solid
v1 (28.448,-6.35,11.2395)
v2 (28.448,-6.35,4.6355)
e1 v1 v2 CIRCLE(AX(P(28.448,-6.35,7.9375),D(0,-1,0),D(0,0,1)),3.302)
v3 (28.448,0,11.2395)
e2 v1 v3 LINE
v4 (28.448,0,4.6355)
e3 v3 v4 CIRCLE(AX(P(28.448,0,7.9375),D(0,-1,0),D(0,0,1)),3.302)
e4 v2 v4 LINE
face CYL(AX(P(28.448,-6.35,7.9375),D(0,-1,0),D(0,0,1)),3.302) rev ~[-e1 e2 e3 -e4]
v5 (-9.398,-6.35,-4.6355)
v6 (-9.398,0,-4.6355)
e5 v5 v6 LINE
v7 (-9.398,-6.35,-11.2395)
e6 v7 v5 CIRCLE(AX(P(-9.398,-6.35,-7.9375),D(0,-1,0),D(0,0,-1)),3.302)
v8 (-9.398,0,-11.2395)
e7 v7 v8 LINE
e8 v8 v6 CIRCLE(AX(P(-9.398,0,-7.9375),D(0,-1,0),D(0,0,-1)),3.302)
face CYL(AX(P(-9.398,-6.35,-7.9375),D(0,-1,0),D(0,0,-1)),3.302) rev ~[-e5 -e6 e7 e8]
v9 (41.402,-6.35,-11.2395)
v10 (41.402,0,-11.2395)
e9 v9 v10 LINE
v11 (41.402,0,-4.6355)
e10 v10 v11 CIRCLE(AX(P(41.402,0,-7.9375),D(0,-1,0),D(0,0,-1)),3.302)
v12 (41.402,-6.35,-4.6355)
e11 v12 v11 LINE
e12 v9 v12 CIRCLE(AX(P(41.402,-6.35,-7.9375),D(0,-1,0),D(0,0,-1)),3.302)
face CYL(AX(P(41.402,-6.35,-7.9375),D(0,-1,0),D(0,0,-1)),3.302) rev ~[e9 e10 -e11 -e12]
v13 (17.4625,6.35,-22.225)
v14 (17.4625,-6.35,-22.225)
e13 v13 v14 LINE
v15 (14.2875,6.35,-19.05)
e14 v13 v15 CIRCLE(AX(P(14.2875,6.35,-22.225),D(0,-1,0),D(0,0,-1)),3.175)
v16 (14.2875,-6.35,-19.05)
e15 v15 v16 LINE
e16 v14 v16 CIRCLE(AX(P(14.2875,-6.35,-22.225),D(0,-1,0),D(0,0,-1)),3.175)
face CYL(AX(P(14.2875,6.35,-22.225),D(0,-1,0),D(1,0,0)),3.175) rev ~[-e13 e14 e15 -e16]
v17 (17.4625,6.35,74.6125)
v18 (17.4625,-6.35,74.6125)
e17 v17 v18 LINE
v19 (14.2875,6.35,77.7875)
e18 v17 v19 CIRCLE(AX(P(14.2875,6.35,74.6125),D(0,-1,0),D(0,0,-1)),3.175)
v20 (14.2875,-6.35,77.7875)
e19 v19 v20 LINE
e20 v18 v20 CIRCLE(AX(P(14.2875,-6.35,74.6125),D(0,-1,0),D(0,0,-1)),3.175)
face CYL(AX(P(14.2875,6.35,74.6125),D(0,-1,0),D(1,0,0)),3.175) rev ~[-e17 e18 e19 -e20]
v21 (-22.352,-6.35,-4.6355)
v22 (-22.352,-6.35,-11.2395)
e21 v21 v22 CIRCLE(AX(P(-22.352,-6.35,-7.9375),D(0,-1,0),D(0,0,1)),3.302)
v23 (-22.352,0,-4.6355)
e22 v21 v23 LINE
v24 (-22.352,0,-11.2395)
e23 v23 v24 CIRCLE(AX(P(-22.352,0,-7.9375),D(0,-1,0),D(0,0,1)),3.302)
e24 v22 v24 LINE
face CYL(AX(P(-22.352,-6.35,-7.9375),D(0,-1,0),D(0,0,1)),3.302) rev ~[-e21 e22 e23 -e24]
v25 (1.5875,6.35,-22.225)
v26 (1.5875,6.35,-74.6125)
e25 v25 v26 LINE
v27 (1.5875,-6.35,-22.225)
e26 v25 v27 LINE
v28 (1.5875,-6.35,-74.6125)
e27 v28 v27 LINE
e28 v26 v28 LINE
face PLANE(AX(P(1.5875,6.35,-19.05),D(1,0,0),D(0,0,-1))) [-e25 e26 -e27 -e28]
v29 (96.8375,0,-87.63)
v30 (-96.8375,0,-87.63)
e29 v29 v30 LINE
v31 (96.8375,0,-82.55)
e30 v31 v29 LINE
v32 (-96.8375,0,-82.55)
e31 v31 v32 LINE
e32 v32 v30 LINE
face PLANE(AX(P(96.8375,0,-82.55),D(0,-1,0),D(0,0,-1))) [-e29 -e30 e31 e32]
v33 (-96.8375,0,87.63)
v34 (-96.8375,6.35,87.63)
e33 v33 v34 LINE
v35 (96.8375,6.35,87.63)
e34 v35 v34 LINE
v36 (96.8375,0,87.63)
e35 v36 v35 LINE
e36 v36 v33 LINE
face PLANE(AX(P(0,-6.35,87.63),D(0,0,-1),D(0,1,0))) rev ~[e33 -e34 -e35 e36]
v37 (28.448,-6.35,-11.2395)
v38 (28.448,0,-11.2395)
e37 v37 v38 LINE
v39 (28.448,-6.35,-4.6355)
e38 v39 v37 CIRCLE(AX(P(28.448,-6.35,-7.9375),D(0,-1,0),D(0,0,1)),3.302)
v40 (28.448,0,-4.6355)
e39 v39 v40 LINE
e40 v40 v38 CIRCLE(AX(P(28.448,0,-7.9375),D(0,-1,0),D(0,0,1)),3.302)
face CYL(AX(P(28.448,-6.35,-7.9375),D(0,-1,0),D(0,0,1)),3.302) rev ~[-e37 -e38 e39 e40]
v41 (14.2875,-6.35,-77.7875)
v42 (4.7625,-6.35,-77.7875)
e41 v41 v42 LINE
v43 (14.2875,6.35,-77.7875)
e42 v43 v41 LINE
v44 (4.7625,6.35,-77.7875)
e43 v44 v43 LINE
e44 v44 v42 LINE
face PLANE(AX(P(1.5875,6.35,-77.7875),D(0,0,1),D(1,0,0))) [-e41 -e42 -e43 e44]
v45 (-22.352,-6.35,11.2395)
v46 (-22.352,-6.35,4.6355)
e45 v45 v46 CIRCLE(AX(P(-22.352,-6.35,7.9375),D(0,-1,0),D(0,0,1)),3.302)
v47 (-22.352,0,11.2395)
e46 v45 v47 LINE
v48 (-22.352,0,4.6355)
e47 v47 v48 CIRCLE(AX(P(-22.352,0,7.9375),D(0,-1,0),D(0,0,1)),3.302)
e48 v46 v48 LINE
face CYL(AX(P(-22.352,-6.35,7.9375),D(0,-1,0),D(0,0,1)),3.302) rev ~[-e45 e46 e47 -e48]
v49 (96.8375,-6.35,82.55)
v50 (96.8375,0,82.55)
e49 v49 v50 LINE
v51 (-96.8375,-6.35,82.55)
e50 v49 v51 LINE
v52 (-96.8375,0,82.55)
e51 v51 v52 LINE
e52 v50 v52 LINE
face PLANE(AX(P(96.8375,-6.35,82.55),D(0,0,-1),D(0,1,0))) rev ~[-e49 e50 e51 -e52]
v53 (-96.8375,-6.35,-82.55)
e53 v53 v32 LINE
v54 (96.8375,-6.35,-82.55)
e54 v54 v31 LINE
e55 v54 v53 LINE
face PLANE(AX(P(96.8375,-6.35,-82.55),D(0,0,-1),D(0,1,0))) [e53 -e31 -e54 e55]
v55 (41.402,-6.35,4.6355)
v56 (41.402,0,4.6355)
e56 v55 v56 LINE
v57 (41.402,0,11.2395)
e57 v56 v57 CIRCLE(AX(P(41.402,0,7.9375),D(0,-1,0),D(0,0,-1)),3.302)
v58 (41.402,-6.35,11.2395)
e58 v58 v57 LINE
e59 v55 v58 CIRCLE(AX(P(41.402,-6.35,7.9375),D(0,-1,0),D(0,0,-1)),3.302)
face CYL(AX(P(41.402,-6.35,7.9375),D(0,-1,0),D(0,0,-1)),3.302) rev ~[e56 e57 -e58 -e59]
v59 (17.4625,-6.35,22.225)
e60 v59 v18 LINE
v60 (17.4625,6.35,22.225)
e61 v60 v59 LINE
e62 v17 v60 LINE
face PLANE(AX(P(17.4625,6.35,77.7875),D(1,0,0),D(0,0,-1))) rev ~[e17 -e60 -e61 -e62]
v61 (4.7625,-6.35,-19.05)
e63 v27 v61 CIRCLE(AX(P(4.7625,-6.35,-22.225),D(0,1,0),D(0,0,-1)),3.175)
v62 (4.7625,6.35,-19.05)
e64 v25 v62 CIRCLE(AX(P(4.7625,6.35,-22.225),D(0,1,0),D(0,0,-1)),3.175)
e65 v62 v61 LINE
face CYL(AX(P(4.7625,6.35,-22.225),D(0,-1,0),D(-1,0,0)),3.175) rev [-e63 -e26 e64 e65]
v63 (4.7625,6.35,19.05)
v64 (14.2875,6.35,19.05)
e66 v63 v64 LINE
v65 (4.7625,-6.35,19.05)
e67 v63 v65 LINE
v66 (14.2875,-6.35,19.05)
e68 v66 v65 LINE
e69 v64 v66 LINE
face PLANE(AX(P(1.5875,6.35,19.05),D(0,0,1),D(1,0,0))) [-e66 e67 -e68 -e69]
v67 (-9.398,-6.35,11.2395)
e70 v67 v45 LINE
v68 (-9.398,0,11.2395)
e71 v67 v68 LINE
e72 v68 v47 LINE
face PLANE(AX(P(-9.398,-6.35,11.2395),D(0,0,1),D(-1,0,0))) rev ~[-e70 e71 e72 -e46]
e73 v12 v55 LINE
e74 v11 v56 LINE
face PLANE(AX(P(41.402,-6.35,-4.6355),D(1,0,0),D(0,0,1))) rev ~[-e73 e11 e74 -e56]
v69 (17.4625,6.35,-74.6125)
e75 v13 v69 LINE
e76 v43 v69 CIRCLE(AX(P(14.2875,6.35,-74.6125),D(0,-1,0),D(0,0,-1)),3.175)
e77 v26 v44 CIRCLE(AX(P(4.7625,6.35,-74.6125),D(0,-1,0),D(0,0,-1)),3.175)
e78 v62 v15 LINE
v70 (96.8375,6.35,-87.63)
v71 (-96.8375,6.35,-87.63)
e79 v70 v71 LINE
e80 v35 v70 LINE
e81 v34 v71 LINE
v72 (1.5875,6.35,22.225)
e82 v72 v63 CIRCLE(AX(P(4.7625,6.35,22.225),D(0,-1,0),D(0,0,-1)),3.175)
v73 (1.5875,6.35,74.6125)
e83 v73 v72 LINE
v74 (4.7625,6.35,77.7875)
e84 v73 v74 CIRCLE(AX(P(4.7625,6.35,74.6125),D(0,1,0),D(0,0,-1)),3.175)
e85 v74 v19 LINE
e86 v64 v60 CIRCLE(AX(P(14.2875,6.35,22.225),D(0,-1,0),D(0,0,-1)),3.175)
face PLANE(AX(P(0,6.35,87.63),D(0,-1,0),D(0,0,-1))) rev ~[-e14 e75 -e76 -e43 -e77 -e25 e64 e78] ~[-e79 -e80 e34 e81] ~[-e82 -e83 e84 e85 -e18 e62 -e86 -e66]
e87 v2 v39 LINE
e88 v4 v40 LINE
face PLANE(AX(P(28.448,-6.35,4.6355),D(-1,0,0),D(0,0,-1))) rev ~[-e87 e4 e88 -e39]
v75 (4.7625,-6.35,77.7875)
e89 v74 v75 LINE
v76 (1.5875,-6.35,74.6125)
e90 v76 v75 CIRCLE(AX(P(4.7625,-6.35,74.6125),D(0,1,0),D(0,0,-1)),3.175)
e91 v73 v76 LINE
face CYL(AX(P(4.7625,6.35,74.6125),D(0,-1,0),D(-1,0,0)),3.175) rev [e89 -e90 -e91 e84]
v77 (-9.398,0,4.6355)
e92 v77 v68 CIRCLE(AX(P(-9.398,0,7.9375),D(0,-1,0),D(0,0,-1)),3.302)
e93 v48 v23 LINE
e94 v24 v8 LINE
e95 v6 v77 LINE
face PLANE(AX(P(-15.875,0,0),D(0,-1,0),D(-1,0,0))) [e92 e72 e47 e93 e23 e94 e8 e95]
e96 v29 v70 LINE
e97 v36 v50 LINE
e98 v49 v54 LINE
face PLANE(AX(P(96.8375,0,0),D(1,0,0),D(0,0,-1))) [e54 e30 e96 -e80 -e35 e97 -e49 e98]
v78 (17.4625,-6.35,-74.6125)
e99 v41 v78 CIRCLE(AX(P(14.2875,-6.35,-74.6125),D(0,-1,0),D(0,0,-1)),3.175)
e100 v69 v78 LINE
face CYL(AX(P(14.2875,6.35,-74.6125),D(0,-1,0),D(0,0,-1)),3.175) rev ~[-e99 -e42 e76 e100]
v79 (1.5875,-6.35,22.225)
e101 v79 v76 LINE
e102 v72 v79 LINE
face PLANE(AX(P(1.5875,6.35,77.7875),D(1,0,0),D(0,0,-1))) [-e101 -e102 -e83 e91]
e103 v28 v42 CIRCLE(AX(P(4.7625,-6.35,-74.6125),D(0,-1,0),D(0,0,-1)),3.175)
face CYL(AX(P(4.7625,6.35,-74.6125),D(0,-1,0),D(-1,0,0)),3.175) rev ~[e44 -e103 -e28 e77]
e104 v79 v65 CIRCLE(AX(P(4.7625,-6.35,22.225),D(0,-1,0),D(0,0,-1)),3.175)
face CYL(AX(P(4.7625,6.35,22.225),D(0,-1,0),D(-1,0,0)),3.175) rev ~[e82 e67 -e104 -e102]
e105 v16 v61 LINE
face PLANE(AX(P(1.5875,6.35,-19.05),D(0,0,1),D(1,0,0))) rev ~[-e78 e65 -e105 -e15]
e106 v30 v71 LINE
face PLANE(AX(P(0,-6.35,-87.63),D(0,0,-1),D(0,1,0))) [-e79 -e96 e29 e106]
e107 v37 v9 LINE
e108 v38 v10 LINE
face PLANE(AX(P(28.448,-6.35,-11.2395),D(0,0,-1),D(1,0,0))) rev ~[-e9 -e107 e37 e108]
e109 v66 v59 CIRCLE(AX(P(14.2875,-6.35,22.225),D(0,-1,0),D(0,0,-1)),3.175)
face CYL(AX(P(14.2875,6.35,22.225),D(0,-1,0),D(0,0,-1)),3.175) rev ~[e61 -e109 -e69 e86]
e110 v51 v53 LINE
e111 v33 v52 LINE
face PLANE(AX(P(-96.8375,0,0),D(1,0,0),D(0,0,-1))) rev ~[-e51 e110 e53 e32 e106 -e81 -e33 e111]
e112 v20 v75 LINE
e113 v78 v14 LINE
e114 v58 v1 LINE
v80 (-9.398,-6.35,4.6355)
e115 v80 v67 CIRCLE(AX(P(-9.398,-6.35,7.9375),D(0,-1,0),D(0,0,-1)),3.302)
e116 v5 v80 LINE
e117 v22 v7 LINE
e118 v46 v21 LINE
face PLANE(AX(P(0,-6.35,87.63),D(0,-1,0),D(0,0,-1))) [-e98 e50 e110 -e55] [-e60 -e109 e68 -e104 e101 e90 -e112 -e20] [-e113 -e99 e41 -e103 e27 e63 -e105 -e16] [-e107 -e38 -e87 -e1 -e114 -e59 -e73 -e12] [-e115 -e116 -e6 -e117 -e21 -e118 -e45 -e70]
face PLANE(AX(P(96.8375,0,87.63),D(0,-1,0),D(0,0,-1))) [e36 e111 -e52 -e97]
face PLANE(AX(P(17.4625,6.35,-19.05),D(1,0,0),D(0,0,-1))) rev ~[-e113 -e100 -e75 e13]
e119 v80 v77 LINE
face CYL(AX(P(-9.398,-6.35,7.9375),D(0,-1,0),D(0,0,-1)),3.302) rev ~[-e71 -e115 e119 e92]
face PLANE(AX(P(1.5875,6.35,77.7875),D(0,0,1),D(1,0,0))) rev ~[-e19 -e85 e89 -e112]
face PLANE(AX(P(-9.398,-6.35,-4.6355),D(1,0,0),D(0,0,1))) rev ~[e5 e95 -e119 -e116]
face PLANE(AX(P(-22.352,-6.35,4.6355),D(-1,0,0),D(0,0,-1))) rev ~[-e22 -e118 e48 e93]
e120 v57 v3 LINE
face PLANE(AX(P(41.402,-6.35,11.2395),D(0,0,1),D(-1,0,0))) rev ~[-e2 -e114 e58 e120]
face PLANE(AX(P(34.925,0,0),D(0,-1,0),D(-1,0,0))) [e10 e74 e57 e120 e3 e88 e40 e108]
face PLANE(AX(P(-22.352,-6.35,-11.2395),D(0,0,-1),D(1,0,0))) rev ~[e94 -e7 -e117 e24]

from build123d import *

# Parameters (mm, degrees)
SKETCH1_W           = 175.26
SKETCH1_H           = 12.7
BOSS_EXTRUDE1_DEPTH = 96.8375
SKETCH2_W           = 5.08
SKETCH2_H           = 6.35
CUT_EXTRUDE1_DEPTH  = 213.67191875
CUT_EXTRUDE2_DEPTH  = 6.35
SKETCH5_W           = 15.875
SKETCH5_H           = 58.7375
CUT_EXTRUDE4_DEPTH  = 132.216646453
FILLET1_R           = 3.175


with BuildPart() as part:
    # Sketch1 → Boss-Extrude1 (new, symmetric)
    with BuildSketch(Plane(origin=(0, 0, 0), x_dir=(0, 0, -1), z_dir=(1, 0, 0))):
        Rectangle(SKETCH1_W, SKETCH1_H)
    extrude(amount=BOSS_EXTRUDE1_DEPTH, both=True)

    # Sketch2 → Cut-Extrude1 (cut, through all)
    with BuildSketch(Plane(origin=(96.8375, 0, 0), x_dir=(0, 0, -1), z_dir=(1, 0, 0))):
        with Locations((-85.09, -3.175)):
            Rectangle(SKETCH2_W, SKETCH2_H)
        with Locations((85.09, -3.175)):
            Rectangle(SKETCH2_W, SKETCH2_H)
    extrude(amount=-CUT_EXTRUDE1_DEPTH, mode=Mode.SUBTRACT)

    # Sketch3 → Cut-Extrude2 (cut)
    with BuildSketch(Plane(origin=(0, -6.35, 0), x_dir=(1, 0, 0), z_dir=(0, 1, 0))):
        with BuildLine():
            Line((28.448, 11.2395), (41.402, 11.2395))
            ThreePointArc((41.402, 11.2395), (44.704, 7.9375), (41.402, 4.6355))
            Line((41.402, 4.6355), (41.402, -4.6355))
            ThreePointArc((41.402, -4.6355), (44.704, -7.9375), (41.402, -11.2395))
            Line((41.402, -11.2395), (28.448, -11.2395))
            ThreePointArc((28.448, -11.2395), (25.146, -7.9375), (28.448, -4.6355))
            Line((28.448, -4.6355), (28.448, 4.6355))
            ThreePointArc((28.448, 4.6355), (25.146, 7.9375), (28.448, 11.2395))
        make_face()
        with BuildLine():
            Line((-22.352, 11.2395), (-9.398, 11.2395))
            ThreePointArc((-9.398, 11.2395), (-6.096, 7.9375), (-9.398, 4.6355))
            Line((-9.398, 4.6355), (-9.398, -4.6355))
            ThreePointArc((-9.398, -4.6355), (-6.096, -7.9375), (-9.398, -11.2395))
            Line((-9.398, -11.2395), (-22.352, -11.2395))
            ThreePointArc((-22.352, -11.2395), (-25.654, -7.9375), (-22.352, -4.6355))
            Line((-22.352, -4.6355), (-22.352, 4.6355))
            ThreePointArc((-22.352, 4.6355), (-25.654, 7.9375), (-22.352, 11.2395))
        make_face()
    extrude(amount=CUT_EXTRUDE2_DEPTH, mode=Mode.SUBTRACT)

    # Sketch5 → Cut-Extrude4 (cut, through all)
    with BuildSketch(Plane(origin=(0, 6.35, 0), x_dir=(1, 0, 0), z_dir=(0, 1, 0))):
        with Locations((9.525, -48.41875)):
            Rectangle(SKETCH5_W, SKETCH5_H)
        with Locations((9.525, 48.41875)):
            Rectangle(SKETCH5_W, SKETCH5_H)
    extrude(amount=-CUT_EXTRUDE4_DEPTH, mode=Mode.SUBTRACT)

    # Fillet1
    fillet1_edges = [part.edges().sort_by_distance(p)[0] for p in [
        (1.5875, 0, -19.05),
        (1.5875, 0, -77.7875),
        (17.4625, 0, -77.7875),
        (17.4625, 0, -19.05),
        (1.5875, 0, 77.7875),
        (1.5875, 0, 19.05),
        (17.4625, 0, 19.05),
        (17.4625, 0, 77.7875),
    ]]
    fillet(fillet1_edges, radius=FILLET1_R)


solid = part.part
